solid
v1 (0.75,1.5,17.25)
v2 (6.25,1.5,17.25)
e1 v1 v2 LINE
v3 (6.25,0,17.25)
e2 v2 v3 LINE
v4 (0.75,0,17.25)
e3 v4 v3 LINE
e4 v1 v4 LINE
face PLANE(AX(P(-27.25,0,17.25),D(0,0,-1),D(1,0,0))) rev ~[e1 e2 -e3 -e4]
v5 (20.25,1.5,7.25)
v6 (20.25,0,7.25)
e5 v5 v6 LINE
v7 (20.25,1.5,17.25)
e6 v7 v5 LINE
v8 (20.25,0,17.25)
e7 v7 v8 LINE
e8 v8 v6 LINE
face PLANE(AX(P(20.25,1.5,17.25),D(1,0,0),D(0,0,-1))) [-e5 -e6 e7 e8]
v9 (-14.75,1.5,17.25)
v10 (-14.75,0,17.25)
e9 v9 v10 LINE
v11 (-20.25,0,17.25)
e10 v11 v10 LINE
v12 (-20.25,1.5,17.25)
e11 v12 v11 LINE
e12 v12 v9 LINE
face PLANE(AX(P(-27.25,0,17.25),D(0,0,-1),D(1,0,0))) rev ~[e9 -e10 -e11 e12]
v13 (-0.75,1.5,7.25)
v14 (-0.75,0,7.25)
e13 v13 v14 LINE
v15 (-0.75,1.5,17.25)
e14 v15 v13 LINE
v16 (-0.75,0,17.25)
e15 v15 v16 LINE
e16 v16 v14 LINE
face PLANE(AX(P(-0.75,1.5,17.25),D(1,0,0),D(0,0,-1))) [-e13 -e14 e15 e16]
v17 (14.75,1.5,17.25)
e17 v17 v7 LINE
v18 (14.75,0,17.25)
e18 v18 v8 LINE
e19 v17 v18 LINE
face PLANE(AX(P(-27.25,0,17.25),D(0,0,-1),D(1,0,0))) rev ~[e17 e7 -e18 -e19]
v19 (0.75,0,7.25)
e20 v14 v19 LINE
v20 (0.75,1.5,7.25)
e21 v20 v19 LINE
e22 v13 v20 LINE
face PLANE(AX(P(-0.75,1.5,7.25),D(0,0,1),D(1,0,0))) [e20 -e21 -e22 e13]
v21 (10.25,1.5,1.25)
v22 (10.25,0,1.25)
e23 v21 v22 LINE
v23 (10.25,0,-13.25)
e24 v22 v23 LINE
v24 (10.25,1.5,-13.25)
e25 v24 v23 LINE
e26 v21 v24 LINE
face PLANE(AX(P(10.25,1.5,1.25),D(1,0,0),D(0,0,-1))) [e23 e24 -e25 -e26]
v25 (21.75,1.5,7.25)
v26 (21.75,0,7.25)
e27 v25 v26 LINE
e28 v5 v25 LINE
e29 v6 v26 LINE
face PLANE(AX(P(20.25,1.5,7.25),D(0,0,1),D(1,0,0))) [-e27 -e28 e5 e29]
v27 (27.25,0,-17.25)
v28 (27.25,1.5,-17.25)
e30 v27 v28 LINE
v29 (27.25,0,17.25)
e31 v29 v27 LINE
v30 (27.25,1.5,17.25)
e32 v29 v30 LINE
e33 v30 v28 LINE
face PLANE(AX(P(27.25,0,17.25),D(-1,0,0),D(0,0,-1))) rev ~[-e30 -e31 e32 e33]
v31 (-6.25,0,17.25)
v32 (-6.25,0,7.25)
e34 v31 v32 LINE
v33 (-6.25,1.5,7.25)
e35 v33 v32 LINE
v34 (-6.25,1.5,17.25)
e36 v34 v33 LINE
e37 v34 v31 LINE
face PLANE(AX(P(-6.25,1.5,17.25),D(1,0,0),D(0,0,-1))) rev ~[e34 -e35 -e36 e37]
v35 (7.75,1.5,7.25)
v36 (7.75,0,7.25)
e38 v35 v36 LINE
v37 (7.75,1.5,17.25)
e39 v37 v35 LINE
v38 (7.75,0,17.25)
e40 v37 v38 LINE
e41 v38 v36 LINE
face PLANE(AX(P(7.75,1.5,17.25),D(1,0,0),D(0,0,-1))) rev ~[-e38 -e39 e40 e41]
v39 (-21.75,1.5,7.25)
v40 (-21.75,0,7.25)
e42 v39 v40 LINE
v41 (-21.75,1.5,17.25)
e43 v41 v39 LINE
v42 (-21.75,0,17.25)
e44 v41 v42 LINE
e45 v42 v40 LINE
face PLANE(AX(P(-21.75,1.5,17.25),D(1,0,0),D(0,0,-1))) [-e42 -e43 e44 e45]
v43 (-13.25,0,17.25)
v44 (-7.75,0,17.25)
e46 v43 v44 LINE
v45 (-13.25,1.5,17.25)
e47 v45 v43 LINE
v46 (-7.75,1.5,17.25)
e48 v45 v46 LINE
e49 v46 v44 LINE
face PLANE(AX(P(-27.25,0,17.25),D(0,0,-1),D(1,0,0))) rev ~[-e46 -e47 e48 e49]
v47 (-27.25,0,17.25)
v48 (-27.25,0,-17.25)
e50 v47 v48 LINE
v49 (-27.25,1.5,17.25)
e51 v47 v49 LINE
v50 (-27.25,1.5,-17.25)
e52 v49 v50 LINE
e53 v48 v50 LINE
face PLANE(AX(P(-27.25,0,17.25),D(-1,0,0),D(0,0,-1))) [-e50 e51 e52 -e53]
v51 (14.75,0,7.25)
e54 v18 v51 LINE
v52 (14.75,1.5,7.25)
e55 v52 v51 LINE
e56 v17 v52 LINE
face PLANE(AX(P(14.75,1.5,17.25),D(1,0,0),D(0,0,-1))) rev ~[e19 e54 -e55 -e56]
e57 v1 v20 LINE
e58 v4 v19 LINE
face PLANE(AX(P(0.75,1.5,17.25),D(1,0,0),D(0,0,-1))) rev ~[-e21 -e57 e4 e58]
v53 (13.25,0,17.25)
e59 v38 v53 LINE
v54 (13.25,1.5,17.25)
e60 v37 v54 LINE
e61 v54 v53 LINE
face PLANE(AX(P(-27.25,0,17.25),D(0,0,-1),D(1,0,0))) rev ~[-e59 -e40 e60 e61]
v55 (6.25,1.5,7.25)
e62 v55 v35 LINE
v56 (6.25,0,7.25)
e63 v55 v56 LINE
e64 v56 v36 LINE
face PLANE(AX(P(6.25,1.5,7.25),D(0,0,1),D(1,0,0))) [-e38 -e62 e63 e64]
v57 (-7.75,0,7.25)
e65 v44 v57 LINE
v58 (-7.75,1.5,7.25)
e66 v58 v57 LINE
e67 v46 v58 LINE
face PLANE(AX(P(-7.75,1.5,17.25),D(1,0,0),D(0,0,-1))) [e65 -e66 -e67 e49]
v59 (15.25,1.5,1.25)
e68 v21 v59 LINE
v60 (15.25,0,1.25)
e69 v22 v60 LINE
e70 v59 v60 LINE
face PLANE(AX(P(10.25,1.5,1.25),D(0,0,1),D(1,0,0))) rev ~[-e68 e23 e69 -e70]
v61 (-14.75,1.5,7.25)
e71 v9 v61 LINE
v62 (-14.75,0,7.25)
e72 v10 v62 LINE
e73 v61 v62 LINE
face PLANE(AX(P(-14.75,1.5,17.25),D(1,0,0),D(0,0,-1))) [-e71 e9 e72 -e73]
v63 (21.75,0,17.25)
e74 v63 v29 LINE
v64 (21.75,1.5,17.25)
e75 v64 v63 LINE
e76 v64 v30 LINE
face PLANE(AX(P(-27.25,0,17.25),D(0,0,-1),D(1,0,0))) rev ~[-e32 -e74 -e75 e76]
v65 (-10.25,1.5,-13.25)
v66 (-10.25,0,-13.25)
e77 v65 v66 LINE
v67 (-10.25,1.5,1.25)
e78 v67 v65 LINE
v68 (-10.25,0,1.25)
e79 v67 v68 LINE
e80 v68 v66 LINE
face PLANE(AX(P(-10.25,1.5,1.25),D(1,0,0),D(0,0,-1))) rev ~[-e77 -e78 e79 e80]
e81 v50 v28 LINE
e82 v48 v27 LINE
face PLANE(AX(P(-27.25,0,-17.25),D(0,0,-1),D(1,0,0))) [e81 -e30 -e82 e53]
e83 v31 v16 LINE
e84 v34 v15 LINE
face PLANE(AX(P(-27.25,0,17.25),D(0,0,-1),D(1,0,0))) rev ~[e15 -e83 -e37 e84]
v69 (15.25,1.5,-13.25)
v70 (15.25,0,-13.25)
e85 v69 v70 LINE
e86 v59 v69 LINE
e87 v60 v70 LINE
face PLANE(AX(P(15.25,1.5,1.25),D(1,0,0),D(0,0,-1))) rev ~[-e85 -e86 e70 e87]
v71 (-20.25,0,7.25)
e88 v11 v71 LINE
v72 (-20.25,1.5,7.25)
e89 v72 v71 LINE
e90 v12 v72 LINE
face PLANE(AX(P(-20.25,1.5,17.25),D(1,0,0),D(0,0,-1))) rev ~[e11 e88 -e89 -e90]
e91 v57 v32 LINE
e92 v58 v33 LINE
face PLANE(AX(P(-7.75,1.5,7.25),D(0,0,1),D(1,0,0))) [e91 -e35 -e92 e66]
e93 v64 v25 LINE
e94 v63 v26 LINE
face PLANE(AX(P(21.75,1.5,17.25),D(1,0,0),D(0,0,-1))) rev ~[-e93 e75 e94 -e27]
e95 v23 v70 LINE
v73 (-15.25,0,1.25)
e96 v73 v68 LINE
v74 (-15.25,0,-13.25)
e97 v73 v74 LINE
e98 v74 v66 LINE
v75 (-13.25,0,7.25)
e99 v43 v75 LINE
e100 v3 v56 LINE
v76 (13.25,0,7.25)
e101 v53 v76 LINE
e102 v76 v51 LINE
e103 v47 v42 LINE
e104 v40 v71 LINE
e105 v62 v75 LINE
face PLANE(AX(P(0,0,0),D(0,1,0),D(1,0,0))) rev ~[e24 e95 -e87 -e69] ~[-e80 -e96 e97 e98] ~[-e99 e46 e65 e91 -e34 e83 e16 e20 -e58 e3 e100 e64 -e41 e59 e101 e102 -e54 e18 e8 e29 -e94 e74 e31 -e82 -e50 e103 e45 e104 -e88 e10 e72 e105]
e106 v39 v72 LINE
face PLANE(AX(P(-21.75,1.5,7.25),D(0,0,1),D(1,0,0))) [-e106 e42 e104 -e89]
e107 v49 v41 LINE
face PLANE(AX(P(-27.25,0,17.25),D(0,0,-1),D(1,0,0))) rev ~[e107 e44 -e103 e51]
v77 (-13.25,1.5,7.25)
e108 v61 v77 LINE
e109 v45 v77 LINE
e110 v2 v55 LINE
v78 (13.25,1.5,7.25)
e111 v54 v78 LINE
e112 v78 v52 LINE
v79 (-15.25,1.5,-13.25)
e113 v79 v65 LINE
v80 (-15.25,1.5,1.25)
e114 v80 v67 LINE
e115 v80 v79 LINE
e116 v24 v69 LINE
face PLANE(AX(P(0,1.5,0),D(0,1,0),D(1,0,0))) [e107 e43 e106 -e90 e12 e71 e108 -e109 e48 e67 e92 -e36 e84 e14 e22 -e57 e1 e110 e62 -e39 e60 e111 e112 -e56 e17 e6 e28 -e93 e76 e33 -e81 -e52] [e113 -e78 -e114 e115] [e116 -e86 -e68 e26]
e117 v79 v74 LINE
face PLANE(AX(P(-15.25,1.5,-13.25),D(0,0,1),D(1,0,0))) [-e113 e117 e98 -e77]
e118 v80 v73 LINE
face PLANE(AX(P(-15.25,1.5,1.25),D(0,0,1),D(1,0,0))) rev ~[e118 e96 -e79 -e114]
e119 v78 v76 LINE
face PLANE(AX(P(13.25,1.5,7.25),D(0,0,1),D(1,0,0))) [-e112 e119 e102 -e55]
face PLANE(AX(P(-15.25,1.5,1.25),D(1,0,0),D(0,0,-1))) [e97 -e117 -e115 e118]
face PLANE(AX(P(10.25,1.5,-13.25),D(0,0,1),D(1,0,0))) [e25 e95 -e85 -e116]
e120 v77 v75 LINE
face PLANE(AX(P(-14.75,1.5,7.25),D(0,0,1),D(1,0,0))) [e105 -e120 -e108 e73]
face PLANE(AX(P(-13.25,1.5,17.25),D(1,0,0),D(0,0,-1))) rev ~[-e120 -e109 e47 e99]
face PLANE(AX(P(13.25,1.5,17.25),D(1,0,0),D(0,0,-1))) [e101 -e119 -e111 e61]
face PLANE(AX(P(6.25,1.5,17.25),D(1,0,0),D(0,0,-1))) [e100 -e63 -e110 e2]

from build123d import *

# Parameters (mm, degrees)
SKETCH1_W           = 54.5
SKETCH1_H           = 34.5
BOSS_EXTRUDE1_DEPTH = 1.5
SKETCH6_W           = 5
SKETCH6_H           = 14.5
CUT_EXTRUDE1_DEPTH  = 2
SKETCH9_W           = 5
SKETCH9_H           = 14.5
CUT_EXTRUDE2_DEPTH  = 2
SKETCH27_W          = 1.5
SKETCH27_H          = 10
CUT_EXTRUDE3_DEPTH  = 2
SKETCH28_W          = 1.5
SKETCH28_H          = 10
CUT_EXTRUDE4_DEPTH  = 2
SKETCH29_W          = 1.5
SKETCH29_H          = 10
CUT_EXTRUDE5_DEPTH  = 2
SKETCH30_W          = 1.5
SKETCH30_H          = 10
CUT_EXTRUDE6_DEPTH  = 2
SKETCH31_W          = 1.5
SKETCH31_H          = 10
CUT_EXTRUDE7_DEPTH  = 2
SKETCH32_W          = 1.5
SKETCH32_H          = 10
CUT_EXTRUDE8_DEPTH  = 2
SKETCH33_W          = 1.5
SKETCH33_H          = 10
CUT_EXTRUDE9_DEPTH  = 2


with BuildPart() as part:
    # Sketch1 → Boss-Extrude1 (new body)
    with BuildSketch(Plane(origin=(0, 0, 0), x_dir=(1, 0, 0), z_dir=(0, 1, 0))):
        Rectangle(SKETCH1_W, SKETCH1_H)
    extrude(amount=BOSS_EXTRUDE1_DEPTH)

    # Sketch6 → Cut-Extrude1 (cut)
    with BuildSketch(Plane(origin=(0, 1.5, 0), x_dir=(1, 0, 0), z_dir=(0, 1, 0))):
        with Locations((-12.75, 6)):
            Rectangle(SKETCH6_W, SKETCH6_H)
    extrude(amount=-CUT_EXTRUDE1_DEPTH, mode=Mode.SUBTRACT)

    # Sketch9 → Cut-Extrude2 (cut)
    with BuildSketch(Plane(origin=(0, 1.5, 0), x_dir=(1, 0, 0), z_dir=(0, 1, 0))):
        with Locations((12.75, 6)):
            Rectangle(SKETCH9_W, SKETCH9_H)
    extrude(amount=-CUT_EXTRUDE2_DEPTH, mode=Mode.SUBTRACT)

    # Sketch27 → Cut-Extrude3 (cut)
    with BuildSketch(Plane(origin=(0, 1.5, 0), x_dir=(1, 0, 0), z_dir=(0, 1, 0))):
        with Locations((-21, -12.25)):
            Rectangle(SKETCH27_W, SKETCH27_H)
    extrude(amount=-CUT_EXTRUDE3_DEPTH, mode=Mode.SUBTRACT)

    # Sketch28 → Cut-Extrude4 (cut)
    with BuildSketch(Plane(origin=(0, 1.5, 0), x_dir=(1, 0, 0), z_dir=(0, 1, 0))):
        with Locations((-14, -12.25)):
            Rectangle(SKETCH28_W, SKETCH28_H)
    extrude(amount=-CUT_EXTRUDE4_DEPTH, mode=Mode.SUBTRACT)

    # Sketch29 → Cut-Extrude5 (cut)
    with BuildSketch(Plane(origin=(0, 1.5, 0), x_dir=(1, 0, 0), z_dir=(0, 1, 0))):
        with Locations((-7, -12.25)):
            Rectangle(SKETCH29_W, SKETCH29_H)
    extrude(amount=-CUT_EXTRUDE5_DEPTH, mode=Mode.SUBTRACT)

    # Sketch30 → Cut-Extrude6 (cut)
    with BuildSketch(Plane(origin=(0, 1.5, 0), x_dir=(1, 0, 0), z_dir=(0, 1, 0))):
        with Locations((0, -12.25)):
            Rectangle(SKETCH30_W, SKETCH30_H)
    extrude(amount=-CUT_EXTRUDE6_DEPTH, mode=Mode.SUBTRACT)

    # Sketch31 → Cut-Extrude7 (cut)
    with BuildSketch(Plane(origin=(0, 1.5, 0), x_dir=(1, 0, 0), z_dir=(0, 1, 0))):
        with Locations((7, -12.25)):
            Rectangle(SKETCH31_W, SKETCH31_H)
    extrude(amount=-CUT_EXTRUDE7_DEPTH, mode=Mode.SUBTRACT)

    # Sketch32 → Cut-Extrude8 (cut)
    with BuildSketch(Plane(origin=(0, 1.5, 0), x_dir=(1, 0, 0), z_dir=(0, 1, 0))):
        with Locations((14, -12.25)):
            Rectangle(SKETCH32_W, SKETCH32_H)
    extrude(amount=-CUT_EXTRUDE8_DEPTH, mode=Mode.SUBTRACT)

    # Sketch33 → Cut-Extrude9 (cut)
    with BuildSketch(Plane(origin=(0, 1.5, 0), x_dir=(1, 0, 0), z_dir=(0, 1, 0))):
        with Locations((21, -12.25)):
            Rectangle(SKETCH33_W, SKETCH33_H)
    extrude(amount=-CUT_EXTRUDE9_DEPTH, mode=Mode.SUBTRACT)


solid = part.part
